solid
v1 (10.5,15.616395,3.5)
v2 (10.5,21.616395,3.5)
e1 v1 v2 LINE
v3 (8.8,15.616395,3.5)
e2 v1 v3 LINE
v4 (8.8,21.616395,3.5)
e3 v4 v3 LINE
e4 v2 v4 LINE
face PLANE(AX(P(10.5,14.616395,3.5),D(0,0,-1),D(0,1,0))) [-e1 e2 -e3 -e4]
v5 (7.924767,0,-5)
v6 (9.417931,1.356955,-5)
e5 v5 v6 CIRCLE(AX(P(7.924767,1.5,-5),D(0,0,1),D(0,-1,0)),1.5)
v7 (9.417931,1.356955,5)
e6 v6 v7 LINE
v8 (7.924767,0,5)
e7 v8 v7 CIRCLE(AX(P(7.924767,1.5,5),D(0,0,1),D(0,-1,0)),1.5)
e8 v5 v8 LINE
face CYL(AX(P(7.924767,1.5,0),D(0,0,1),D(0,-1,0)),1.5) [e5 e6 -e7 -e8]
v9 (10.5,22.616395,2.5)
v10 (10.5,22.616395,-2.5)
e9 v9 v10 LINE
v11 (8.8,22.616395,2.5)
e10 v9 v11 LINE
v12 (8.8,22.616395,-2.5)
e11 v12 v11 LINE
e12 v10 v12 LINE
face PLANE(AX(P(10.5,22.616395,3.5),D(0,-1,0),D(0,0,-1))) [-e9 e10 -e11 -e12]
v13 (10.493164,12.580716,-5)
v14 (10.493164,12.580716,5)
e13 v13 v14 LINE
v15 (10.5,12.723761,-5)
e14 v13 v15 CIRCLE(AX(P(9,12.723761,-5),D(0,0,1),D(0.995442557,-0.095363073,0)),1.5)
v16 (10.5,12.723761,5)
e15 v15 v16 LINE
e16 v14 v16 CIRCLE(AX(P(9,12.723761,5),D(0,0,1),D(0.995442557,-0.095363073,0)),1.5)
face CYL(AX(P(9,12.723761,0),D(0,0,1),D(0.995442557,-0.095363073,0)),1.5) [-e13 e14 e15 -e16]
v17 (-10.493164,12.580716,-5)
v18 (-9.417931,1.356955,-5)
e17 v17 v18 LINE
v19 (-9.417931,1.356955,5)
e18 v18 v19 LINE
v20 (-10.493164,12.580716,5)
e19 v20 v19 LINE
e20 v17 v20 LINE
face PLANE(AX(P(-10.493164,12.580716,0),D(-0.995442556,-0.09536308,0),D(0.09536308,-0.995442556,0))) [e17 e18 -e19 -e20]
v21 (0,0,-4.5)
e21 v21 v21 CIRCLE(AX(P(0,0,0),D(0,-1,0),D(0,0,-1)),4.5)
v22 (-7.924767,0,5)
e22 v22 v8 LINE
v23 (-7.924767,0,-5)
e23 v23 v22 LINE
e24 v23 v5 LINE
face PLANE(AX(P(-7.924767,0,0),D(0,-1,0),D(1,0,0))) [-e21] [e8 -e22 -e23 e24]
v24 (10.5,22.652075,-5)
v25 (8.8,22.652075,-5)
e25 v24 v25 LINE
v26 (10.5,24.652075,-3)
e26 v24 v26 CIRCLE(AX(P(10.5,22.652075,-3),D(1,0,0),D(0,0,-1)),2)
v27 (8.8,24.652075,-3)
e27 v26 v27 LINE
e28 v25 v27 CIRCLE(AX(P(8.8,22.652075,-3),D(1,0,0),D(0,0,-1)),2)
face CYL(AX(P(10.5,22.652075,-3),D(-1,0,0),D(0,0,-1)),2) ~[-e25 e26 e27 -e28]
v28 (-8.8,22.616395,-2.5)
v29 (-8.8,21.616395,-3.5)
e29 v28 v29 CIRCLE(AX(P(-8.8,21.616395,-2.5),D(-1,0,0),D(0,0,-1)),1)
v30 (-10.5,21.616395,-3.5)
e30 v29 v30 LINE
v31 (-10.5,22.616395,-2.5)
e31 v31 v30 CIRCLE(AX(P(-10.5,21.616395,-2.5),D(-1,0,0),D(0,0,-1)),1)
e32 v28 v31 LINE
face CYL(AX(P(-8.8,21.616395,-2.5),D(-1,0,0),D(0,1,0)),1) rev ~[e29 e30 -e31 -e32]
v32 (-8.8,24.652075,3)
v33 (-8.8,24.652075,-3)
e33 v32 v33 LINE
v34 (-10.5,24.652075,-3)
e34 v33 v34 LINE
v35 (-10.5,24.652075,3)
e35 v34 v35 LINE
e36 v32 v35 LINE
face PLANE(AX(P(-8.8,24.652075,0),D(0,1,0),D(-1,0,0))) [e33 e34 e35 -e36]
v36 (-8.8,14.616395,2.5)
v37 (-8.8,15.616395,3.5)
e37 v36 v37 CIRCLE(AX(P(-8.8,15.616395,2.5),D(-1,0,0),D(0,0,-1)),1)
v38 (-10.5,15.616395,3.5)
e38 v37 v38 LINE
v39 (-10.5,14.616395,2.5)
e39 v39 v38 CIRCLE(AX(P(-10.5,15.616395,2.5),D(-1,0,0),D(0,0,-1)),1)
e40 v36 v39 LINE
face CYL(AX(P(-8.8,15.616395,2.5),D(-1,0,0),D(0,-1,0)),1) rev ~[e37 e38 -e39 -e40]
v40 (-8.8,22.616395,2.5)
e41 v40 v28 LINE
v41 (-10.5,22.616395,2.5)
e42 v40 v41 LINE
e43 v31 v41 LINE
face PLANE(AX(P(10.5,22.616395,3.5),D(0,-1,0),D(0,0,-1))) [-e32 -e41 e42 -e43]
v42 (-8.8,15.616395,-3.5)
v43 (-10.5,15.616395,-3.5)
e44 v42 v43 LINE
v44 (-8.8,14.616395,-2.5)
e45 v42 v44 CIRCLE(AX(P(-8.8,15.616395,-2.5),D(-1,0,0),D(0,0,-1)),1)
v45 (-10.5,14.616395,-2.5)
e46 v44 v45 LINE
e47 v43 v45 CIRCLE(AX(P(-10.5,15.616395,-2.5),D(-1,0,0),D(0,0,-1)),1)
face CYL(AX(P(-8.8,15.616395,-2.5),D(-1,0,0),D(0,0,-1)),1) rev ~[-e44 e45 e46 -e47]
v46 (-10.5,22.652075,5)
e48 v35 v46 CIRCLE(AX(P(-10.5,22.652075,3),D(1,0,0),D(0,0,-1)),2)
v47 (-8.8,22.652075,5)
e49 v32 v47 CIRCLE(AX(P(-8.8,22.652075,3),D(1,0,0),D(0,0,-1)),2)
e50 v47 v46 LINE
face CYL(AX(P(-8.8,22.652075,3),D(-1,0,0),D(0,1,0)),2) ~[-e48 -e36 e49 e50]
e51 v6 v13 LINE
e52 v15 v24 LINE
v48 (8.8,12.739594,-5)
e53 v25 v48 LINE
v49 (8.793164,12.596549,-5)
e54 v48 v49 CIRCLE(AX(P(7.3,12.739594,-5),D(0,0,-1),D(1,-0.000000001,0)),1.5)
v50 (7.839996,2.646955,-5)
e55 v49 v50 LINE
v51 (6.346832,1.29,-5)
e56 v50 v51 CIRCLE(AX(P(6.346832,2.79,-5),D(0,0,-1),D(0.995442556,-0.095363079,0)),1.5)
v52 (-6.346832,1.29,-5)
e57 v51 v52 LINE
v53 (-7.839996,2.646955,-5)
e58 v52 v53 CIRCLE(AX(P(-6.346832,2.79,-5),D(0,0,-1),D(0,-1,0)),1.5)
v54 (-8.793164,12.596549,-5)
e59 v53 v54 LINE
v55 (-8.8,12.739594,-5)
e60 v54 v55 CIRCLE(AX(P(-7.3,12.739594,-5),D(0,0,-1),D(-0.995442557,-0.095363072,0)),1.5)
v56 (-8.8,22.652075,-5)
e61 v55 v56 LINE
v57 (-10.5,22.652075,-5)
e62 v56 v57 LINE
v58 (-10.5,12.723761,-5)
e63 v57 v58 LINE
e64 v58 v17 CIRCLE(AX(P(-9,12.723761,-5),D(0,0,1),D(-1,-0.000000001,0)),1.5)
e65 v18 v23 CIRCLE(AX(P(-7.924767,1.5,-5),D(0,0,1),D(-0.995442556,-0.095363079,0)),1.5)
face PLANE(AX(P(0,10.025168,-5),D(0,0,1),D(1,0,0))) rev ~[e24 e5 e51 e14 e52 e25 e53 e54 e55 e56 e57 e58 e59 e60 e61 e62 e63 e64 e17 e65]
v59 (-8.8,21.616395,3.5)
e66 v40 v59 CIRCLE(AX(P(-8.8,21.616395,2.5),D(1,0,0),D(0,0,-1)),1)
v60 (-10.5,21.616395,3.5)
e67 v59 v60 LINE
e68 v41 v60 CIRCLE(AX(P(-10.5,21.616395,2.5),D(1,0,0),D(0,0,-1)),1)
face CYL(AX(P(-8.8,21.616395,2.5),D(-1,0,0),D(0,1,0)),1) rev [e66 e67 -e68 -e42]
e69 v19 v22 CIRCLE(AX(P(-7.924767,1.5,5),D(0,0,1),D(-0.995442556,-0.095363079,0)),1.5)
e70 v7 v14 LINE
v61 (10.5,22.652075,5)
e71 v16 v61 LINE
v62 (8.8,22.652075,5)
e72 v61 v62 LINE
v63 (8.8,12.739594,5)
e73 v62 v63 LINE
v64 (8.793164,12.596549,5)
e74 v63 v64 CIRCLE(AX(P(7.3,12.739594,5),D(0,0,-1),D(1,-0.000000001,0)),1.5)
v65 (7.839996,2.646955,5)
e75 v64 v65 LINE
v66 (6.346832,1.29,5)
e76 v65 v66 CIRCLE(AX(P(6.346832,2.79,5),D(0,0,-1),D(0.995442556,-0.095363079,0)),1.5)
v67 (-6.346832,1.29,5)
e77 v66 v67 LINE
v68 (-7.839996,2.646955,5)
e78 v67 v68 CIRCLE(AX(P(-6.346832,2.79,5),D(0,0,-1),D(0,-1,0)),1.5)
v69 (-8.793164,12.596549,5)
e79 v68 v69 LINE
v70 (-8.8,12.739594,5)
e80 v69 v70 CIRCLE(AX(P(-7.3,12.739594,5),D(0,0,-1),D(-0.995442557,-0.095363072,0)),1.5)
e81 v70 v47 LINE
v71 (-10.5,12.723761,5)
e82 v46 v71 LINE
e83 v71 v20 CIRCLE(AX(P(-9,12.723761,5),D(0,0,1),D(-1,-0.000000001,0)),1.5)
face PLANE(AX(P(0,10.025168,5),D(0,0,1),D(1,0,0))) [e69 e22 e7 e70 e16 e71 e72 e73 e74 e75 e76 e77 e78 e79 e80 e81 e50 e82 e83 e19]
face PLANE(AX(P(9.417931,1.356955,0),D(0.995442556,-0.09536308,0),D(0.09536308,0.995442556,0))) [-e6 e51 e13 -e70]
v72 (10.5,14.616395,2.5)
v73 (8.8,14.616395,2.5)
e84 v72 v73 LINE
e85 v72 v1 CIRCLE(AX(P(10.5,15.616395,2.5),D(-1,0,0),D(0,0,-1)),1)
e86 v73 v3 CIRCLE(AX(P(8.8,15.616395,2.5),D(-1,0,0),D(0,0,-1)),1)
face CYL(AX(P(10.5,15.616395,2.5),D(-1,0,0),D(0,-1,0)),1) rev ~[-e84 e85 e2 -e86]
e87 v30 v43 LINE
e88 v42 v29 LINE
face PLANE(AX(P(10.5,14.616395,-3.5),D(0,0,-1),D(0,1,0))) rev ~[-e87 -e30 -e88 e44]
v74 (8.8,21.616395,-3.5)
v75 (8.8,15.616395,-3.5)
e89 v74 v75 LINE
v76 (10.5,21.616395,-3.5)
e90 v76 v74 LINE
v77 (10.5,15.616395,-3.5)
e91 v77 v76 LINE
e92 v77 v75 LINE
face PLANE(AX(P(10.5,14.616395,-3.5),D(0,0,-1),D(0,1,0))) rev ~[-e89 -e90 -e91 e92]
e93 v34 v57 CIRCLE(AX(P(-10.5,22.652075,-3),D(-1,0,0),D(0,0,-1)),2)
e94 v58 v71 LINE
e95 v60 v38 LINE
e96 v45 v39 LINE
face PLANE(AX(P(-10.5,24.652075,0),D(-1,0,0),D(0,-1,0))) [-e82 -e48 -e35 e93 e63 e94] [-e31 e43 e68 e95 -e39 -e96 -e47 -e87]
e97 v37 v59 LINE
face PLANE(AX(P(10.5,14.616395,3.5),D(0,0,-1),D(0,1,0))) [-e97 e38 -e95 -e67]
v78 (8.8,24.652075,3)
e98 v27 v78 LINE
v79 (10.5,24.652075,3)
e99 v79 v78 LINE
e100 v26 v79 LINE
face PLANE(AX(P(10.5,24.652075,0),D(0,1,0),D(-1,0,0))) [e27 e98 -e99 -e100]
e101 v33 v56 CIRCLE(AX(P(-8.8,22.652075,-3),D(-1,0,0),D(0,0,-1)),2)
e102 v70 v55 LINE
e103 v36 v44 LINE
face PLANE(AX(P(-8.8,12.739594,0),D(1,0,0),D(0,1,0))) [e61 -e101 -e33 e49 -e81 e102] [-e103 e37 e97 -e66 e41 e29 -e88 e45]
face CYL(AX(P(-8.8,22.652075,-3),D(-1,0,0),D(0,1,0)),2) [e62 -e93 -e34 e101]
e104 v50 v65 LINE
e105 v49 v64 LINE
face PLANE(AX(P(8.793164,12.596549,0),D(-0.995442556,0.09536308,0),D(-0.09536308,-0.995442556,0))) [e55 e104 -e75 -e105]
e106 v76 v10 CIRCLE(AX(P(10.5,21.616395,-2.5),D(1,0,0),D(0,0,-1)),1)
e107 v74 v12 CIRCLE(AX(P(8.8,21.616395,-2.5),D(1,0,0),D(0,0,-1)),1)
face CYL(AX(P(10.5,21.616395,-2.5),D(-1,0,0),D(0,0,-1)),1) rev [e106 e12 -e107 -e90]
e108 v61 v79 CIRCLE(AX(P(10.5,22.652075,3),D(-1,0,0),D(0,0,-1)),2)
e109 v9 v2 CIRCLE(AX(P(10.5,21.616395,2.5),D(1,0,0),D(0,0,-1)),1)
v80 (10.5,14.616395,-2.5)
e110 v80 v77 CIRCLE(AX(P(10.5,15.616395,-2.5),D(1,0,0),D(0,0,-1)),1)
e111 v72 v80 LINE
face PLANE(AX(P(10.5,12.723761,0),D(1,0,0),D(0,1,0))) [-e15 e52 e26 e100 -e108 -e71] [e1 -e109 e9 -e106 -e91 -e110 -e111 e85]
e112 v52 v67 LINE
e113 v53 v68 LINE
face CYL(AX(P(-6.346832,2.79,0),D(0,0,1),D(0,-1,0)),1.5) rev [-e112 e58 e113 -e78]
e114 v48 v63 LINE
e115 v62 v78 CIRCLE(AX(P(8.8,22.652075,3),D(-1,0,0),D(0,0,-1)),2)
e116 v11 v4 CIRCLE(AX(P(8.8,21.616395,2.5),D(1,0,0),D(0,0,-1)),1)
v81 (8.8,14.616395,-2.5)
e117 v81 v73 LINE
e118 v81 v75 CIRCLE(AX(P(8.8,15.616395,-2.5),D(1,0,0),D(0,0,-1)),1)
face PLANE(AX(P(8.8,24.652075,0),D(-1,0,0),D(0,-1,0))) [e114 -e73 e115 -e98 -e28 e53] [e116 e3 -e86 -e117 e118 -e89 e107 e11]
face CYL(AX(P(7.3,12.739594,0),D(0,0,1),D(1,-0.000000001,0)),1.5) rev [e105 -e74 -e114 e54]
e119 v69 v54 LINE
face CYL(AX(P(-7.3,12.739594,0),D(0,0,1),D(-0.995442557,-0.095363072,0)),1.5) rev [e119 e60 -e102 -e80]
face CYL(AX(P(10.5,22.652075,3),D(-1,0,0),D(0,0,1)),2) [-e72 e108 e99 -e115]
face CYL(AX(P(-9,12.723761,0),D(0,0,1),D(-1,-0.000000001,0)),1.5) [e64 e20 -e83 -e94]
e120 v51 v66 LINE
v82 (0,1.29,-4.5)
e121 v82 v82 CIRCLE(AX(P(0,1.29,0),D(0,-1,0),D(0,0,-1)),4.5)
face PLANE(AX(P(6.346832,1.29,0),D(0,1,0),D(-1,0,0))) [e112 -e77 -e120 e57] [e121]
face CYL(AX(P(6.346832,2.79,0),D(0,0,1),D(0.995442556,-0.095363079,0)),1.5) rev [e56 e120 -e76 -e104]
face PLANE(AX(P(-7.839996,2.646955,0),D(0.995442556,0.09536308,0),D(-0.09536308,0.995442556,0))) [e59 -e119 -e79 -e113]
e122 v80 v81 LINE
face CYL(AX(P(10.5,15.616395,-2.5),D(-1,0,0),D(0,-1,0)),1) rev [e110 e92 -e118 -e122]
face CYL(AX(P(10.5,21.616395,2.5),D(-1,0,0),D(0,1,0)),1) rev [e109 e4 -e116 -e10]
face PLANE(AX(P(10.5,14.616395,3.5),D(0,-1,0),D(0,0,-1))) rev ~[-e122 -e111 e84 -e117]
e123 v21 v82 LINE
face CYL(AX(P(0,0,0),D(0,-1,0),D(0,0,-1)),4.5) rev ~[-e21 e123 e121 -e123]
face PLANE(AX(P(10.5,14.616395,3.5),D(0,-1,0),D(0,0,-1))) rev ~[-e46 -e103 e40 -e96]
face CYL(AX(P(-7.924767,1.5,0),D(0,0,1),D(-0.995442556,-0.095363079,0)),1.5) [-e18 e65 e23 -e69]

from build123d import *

# Parameters (mm, degrees)
SALIENTE_EXTRUIR1_DEPTH = 5
CROQUIS2_R              = 4.5
CORTAR_EXTRUIR1_DEPTH   = 28.257564023
CROQUIS3_W              = 7
CROQUIS3_H              = 8
CORTAR_EXTRUIR2_DEPTH   = 33.767740179
REDONDEO1_R             = 2
REDONDEO2_R             = 1


with BuildPart() as part:
    # Croquis1 → Saliente-Extruir1 (new, symmetric)
    with BuildSketch(Plane.XY):
        with BuildLine():
            Line((-8.8, 24.652074892), (-10.5, 24.652074892))
            Line((-10.5, 24.652074892), (-10.5, 12.723760553))
            ThreePointArc((-10.5, 12.723760553), (-10.498289984, 12.652156614), (-10.493163835, 12.580715934))
            Line((-10.493163835, 12.580715934), (-9.417931151, 1.356955381))
            ThreePointArc((-9.417931151, 1.356955381), (-8.933586693, 0.389917361), (-7.924767316, 0))
            Line((-7.924767316, 0), (7.924767316, 0))
            ThreePointArc((7.924767316, 0), (8.933586693, 0.389917361), (9.417931151, 1.356955381))
            Line((9.417931151, 1.356955381), (10.493163835, 12.580715934))
            ThreePointArc((10.493163835, 12.580715934), (10.498289984, 12.652156614), (10.5, 12.723760553))
            Line((10.5, 12.723760553), (10.5, 24.652074892))
            Line((10.5, 24.652074892), (8.8, 24.652074892))
            Line((8.8, 24.652074892), (8.8, 12.739594081))
            ThreePointArc((8.8, 12.739594081), (8.798289984, 12.667990142), (8.793163835, 12.596549461))
            Line((8.793163835, 12.596549461), (7.839995893, 2.646955381))
            ThreePointArc((7.839995893, 2.646955381), (7.355651435, 1.679917361), (6.346832058, 1.29))
            Line((6.346832058, 1.29), (-6.346832058, 1.29))
            ThreePointArc((-6.346832058, 1.29), (-7.355651435, 1.679917361), (-7.839995893, 2.646955381))
            Line((-7.839995893, 2.646955381), (-8.793163835, 12.596549461))
            ThreePointArc((-8.793163835, 12.596549461), (-8.798289984, 12.667990142), (-8.8, 12.739594081))
            Line((-8.8, 12.739594081), (-8.8, 24.652074892))
        make_face()
    extrude(amount=SALIENTE_EXTRUIR1_DEPTH, both=True)

    # Croquis2 → Cortar-Extruir1 (cut, through all)
    with BuildSketch(Plane.XZ):
        with Locations(Location((0, 0, 0), (0, 0, 270))):
            Circle(CROQUIS2_R)
    extrude(amount=-CORTAR_EXTRUIR1_DEPTH, mode=Mode.SUBTRACT)

    # Croquis3 → Cortar-Extruir2 (cut, through all)
    with BuildSketch(Plane(origin=(10.5, 0, 0), x_dir=(0, 0, -1), z_dir=(1, 0, 0))):
        with Locations((0, 18.616395413)):
            Rectangle(CROQUIS3_W, CROQUIS3_H)
    extrude(amount=-CORTAR_EXTRUIR2_DEPTH, mode=Mode.SUBTRACT)

    # Redondeo1
    redondeo1_edges = [part.edges().sort_by_distance(p)[0] for p in [
        (9.65, 24.652074892, -5),
        (-9.65, 24.652074892, -5),
        (9.65, 24.652074892, 5),
        (-9.65, 24.652074892, 5),
    ]]
    fillet(redondeo1_edges, radius=REDONDEO1_R)

    # Redondeo2
    redondeo2_edges = [part.edges().sort_by_distance(p)[0] for p in [
        (-9.65, 22.616395413, -3.5),
        (9.65, 22.616395413, -3.5),
        (-9.65, 14.616395413, -3.5),
        (9.65, 14.616395413, -3.5),
        (-9.65, 14.616395413, 3.5),
        (9.65, 14.616395413, 3.5),
        (-9.65, 22.616395413, 3.5),
        (9.65, 22.616395413, 3.5),
    ]]
    fillet(redondeo2_edges, radius=REDONDEO2_R)


solid = part.part
